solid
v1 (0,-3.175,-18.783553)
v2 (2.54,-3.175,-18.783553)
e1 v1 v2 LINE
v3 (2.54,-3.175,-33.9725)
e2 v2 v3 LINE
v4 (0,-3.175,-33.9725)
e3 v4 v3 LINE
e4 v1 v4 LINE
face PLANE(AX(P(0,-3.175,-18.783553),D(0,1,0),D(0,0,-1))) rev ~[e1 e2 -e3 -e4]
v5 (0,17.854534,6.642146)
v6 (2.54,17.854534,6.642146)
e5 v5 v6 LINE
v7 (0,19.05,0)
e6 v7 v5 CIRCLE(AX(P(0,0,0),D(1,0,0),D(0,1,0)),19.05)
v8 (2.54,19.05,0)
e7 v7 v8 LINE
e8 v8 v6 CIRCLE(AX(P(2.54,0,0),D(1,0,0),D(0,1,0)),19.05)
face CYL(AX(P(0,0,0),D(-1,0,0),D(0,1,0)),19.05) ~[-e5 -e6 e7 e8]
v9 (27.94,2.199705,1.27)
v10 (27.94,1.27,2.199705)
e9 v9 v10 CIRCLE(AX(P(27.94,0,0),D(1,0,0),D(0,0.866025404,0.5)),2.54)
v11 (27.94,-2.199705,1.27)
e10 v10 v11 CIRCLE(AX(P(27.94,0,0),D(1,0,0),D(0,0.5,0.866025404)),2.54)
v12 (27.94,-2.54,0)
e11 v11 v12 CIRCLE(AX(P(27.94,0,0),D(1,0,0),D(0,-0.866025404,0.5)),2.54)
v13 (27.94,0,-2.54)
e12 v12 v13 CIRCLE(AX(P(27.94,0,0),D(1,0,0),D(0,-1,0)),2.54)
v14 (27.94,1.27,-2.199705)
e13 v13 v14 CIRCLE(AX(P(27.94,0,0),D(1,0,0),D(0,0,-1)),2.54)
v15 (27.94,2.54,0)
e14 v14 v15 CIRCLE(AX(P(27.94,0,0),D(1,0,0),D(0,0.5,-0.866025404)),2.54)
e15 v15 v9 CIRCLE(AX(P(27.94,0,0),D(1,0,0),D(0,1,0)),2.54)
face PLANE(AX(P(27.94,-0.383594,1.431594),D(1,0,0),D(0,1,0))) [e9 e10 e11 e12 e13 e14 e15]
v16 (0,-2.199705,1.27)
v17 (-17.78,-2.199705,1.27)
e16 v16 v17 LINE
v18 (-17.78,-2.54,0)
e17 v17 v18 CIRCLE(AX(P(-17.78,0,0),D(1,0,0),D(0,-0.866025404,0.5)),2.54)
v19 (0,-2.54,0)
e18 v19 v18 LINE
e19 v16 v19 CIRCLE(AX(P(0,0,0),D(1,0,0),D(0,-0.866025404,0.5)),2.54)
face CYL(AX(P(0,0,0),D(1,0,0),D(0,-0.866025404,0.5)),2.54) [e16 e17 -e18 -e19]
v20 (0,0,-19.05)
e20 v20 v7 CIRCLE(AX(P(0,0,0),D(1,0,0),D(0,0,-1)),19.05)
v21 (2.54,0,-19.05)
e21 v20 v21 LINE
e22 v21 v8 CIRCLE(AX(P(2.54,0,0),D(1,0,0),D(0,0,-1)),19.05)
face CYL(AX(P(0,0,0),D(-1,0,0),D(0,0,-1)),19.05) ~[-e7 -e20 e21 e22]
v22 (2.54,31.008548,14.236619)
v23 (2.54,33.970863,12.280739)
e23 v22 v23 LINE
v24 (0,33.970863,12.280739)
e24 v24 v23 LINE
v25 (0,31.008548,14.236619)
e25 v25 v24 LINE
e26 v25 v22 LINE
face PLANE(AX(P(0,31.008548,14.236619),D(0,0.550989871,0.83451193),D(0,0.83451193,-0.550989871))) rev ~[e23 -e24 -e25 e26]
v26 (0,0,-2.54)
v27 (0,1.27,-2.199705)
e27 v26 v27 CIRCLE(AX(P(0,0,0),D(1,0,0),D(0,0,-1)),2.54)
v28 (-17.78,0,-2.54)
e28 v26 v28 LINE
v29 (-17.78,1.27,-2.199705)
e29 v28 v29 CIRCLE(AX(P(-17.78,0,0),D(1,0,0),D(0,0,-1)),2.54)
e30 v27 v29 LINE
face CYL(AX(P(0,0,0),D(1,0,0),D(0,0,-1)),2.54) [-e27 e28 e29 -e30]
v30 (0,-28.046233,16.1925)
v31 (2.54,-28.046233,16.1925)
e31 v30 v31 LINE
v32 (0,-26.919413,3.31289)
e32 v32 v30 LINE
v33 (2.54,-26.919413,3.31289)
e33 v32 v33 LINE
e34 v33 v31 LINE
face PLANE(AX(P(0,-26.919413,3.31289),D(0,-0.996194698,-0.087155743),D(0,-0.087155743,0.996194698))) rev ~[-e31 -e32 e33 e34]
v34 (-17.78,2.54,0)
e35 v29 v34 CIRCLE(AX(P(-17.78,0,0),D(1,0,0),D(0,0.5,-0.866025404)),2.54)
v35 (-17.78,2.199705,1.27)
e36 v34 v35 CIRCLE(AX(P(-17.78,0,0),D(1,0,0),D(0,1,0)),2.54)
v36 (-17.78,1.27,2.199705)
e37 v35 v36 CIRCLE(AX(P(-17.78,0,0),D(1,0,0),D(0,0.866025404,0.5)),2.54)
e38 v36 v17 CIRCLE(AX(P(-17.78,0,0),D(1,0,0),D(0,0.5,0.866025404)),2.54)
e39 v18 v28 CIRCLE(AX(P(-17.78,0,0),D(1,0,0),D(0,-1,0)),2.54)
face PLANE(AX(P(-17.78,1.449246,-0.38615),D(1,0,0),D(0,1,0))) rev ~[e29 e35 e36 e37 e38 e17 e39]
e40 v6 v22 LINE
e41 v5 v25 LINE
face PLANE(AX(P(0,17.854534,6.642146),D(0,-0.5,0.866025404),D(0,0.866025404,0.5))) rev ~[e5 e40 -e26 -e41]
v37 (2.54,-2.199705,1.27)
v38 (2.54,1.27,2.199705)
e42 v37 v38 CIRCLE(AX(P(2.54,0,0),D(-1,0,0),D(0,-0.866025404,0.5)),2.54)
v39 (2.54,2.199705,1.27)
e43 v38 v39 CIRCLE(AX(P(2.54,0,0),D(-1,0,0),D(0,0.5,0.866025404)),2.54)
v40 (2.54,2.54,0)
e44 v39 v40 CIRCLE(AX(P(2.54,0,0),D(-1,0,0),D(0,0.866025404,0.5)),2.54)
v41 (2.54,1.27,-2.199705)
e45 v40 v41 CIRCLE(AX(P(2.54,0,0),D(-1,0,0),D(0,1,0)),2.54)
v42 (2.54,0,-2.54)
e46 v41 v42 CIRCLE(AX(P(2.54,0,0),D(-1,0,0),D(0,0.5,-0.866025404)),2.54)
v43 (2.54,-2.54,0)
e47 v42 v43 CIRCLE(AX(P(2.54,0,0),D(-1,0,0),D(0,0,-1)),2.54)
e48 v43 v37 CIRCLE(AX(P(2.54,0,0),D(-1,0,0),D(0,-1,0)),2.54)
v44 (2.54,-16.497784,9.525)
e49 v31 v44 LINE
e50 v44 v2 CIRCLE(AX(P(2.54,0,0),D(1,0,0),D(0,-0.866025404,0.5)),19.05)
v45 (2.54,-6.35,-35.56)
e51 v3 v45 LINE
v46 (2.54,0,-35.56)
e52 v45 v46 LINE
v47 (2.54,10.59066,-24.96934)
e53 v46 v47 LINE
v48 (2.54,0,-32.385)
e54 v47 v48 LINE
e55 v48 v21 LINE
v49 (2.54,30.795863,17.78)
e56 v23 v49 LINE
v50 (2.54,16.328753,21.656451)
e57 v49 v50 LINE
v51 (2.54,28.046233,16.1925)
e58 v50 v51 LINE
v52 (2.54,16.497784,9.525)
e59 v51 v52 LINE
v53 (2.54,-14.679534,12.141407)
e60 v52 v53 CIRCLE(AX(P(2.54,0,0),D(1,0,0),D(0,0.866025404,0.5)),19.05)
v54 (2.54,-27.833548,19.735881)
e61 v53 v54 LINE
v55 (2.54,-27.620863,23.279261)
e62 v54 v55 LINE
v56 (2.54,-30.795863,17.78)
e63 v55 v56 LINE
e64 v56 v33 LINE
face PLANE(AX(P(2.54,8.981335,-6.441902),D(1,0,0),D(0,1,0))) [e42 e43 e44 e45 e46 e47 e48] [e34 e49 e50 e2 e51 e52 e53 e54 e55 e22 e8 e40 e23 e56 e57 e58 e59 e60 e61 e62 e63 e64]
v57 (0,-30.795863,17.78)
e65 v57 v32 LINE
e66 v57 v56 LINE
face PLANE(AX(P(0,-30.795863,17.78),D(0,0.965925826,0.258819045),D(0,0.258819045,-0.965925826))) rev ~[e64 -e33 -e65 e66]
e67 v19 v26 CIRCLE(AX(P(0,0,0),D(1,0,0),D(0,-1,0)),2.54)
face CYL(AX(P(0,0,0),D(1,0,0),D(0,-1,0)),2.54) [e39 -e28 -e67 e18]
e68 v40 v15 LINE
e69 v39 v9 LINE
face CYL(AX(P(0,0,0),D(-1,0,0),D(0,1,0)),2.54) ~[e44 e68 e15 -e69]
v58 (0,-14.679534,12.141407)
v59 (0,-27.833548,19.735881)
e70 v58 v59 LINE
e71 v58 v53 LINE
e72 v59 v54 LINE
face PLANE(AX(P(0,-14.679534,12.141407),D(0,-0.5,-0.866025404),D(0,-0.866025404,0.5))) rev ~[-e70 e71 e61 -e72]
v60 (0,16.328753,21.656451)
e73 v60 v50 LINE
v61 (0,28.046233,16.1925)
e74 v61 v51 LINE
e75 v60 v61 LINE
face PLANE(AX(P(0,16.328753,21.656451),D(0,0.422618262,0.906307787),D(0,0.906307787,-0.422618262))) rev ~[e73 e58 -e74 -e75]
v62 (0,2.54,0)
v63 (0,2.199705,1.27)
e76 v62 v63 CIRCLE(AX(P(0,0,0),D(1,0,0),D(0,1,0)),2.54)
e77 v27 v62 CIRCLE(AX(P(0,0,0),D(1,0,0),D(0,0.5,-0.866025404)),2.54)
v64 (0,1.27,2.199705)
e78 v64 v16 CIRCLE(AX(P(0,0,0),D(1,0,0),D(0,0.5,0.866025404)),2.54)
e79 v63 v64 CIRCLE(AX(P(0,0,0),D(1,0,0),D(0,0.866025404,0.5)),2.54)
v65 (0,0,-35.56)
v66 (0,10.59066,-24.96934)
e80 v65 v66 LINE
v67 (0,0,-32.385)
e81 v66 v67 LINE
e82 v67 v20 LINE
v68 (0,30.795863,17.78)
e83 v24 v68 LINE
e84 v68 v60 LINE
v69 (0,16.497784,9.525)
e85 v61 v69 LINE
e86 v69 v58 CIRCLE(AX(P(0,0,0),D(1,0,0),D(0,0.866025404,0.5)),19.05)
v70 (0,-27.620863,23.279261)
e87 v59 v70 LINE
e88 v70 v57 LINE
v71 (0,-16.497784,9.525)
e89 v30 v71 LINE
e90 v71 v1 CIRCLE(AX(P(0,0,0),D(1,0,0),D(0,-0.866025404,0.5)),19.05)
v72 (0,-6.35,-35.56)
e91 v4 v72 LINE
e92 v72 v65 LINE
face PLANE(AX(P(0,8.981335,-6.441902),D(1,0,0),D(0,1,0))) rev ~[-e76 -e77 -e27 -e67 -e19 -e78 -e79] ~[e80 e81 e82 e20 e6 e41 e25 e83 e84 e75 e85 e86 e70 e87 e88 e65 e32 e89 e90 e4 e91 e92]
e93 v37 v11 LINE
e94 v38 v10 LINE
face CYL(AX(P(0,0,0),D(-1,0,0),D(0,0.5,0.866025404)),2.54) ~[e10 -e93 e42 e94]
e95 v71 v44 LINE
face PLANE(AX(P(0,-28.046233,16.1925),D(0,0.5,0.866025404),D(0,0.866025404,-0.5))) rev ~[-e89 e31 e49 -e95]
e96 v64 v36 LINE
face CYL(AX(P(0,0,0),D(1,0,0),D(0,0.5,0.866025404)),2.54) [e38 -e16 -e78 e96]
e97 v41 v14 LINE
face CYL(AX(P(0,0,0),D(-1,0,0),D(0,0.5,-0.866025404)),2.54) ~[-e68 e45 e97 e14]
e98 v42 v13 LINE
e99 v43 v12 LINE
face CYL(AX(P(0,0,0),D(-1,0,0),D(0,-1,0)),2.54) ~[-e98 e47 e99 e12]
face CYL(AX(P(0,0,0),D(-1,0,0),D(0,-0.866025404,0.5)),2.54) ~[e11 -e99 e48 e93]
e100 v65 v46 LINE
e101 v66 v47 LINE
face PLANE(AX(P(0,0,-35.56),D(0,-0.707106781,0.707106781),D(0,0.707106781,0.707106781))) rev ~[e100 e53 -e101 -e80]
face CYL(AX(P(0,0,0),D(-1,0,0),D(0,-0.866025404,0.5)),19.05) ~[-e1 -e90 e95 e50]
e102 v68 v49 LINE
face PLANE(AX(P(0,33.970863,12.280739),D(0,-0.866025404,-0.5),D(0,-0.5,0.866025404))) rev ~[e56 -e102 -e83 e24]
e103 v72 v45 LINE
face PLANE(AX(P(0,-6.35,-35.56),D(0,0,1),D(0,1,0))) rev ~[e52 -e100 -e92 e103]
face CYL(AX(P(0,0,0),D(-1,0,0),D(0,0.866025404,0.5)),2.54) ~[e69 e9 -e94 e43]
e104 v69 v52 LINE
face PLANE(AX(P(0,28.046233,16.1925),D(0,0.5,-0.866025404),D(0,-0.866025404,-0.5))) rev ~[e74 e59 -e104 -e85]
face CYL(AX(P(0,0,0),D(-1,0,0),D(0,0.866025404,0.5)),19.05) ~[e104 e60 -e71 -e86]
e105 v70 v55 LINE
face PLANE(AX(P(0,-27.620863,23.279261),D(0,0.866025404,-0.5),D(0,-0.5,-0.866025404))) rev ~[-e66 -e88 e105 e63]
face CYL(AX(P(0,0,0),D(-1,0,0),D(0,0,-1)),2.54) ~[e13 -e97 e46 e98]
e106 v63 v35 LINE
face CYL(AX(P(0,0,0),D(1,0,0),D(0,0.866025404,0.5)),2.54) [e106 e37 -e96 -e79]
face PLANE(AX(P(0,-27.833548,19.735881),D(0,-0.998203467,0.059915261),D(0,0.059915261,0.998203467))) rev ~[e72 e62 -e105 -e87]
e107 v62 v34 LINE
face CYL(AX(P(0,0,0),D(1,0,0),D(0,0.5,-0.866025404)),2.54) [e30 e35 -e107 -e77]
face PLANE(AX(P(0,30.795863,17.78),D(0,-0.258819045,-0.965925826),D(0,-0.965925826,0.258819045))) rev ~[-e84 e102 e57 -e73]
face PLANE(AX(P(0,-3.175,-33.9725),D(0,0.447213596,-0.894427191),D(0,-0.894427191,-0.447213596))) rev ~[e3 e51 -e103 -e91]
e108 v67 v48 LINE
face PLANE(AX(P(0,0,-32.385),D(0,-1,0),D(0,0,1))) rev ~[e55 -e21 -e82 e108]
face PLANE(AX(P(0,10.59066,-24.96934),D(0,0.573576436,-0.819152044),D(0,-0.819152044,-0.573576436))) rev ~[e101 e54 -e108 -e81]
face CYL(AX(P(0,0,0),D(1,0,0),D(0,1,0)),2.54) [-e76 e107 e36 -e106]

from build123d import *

# Parameters (mm, degrees)
F1_DEPTH = 2.54
F2_DEPTH = 27.94
F3_DEPTH = 17.78


with BuildPart() as f1:
    # F0 (on Right) → F1 (new body)
    with BuildSketch(Plane.YZ):
        with BuildLine():
            ThreePointArc((0, -19.05), (13.4703841816, -13.4703841816), (19.05, 0))
            ThreePointArc((19.05, 0), (18.748751681, 3.3744348271), (17.854534341, 6.6421459987))
            Line((17.854534341, 6.6421459987), (1.5875, -2.749630657))
            Line((1.5875, -2.749630657), (1.27, -2.1997045256))
            ThreePointArc((1.27, -2.1997045256), (0.6574003746, -2.4534515988), (0, -2.54))
            Line((0, -2.54), (0, -19.05))
        make_face()
        with BuildLine():
            Line((1.5875, -2.749630657), (17.854534341, 6.6421459987))
            ThreePointArc((17.854534341, 6.6421459987), (17.2365354597, 8.1119877556), (16.4977839421, 9.525))
            Line((16.4977839421, 9.525), (2.1997045256, 1.27))
            ThreePointArc((2.1997045256, 1.27), (2.4534515988, 0.6574003746), (2.54, 0))
            ThreePointArc((2.54, 0), (2.1997045256, -1.27), (1.27, -2.1997045256))
            Line((1.27, -2.1997045256), (1.5875, -2.749630657))
        make_face()
        with BuildLine():
            ThreePointArc((16.4977839421, 9.525), (17.2365354597, 8.1119877556), (17.854534341, 6.6421459987))
            Line((17.854534341, 6.6421459987), (31.0085480301, 14.236619343))
            Line((31.0085480301, 14.236619343), (28.0462327016, 16.1925))
            Line((28.0462327016, 16.1925), (16.4977839421, 9.525))
        make_face()
        with BuildLine():
            Line((0, -32.385), (0, -19.05))
            ThreePointArc((0, -19.05), (-1.5930802583, -18.9832714591), (-3.175, -18.7835533113))
            Line((-3.175, -18.7835533113), (-3.175, -33.9725))
            Line((-3.175, -33.9725), (0, -32.385))
        make_face()
        with BuildLine():
            ThreePointArc((-3.175, -18.7835533113), (-1.5930802583, -18.9832714591), (0, -19.05))
            Line((0, -19.05), (0, -2.54))
            ThreePointArc((0, -2.54), (-1.7960512242, -1.7960512242), (-2.54, 0))
            Line((-2.54, 0), (-3.175, 0))
            Line((-3.175, 0), (-3.175, -18.7835533113))
        make_face()
        with BuildLine():
            Line((2.1997045256, 1.27), (16.4977839421, 9.525))
            ThreePointArc((16.4977839421, 9.525), (1.5930802583, 18.9832714591), (-14.679534341, 12.1414073127))
            Line((-14.679534341, 12.1414073127), (1.5875, 2.749630657))
            Line((1.5875, 2.749630657), (1.27, 2.1997045256))
            ThreePointArc((1.27, 2.1997045256), (1.7960512242, 1.7960512242), (2.1997045256, 1.27))
        make_face()
        Polygon((28.0462327016, 16.1925), (31.0085480301, 14.236619343), (32.3833633586, 15.030369343), (30.7958633586, 17.78), align=None)
        Polygon((32.3833633586, 15.030369343), (31.0085480301, 14.236619343), (33.9708633586, 12.280738686), align=None)
        with BuildLine():
            ThreePointArc((-16.4977839421, 9.525), (-17.2365354597, -8.1119877556), (-3.175, -18.7835533113))
            Line((-3.175, -18.7835533113), (-3.175, 0))
            Line((-3.175, 0), (-2.54, 0))
            ThreePointArc((-2.54, 0), (-2.4534515988, 0.6574003746), (-2.1997045256, 1.27))
            Line((-2.1997045256, 1.27), (-16.4977839421, 9.525))
        make_face()
        Polygon((10.5906598886, -24.9693401114), (0, -32.385), (0, -35.56), align=None)
        Polygon((0, -35.56), (0, -32.385), (-3.175, -33.9725), (-3.175, -35.56), align=None)
        with BuildLine():
            Line((1.5875, 2.749630657), (-14.679534341, 12.1414073127))
            ThreePointArc((-14.679534341, 12.1414073127), (-15.6434552014, 10.8712837035), (-16.4977839421, 9.525))
            Line((-16.4977839421, 9.525), (-2.1997045256, 1.27))
            ThreePointArc((-2.1997045256, 1.27), (-0.6574003746, 2.4534515988), (1.27, 2.1997045256))
            Line((1.27, 2.1997045256), (1.5875, 2.749630657))
        make_face()
        with BuildLine():
            ThreePointArc((-16.4977839421, 9.525), (-15.6434552014, 10.8712837035), (-14.679534341, 12.1414073127))
            Line((-14.679534341, 12.1414073127), (-27.8335480301, 19.735880657))
            Line((-27.8335480301, 19.735880657), (-28.0462327016, 16.1925))
            Line((-28.0462327016, 16.1925), (-16.4977839421, 9.525))
        make_face()
        Polygon((16.3287529078, 21.6564505621), (28.0462327016, 16.1925), (30.7958633586, 17.78), align=None)
        Polygon((-3.175, -35.56), (-3.175, -33.9725), (-6.35, -35.56), align=None)
        Polygon((-28.0462327016, 16.1925), (-27.8335480301, 19.735880657), (-29.2083633586, 20.529630657), (-30.7958633586, 17.78), align=None)
        Polygon((-29.2083633586, 20.529630657), (-27.8335480301, 19.735880657), (-27.6208633586, 23.279261314), align=None)
        Polygon((-26.9194127965, 3.3128895493), (-28.0462327016, 16.1925), (-30.7958633586, 17.78), align=None)
    extrude(amount=F1_DEPTH)

    # F0 (on Right) → F2 (join)
    with BuildSketch(Plane.YZ):
        with BuildLine():
            Line((-2.1997045256, 1.27), (0, 0))
            Line((0, 0), (1.27, 2.1997045256))
            ThreePointArc((1.27, 2.1997045256), (-0.6574003746, 2.4534515988), (-2.1997045256, 1.27))
        make_face()
        with BuildLine():
            ThreePointArc((-2.1997045256, 1.27), (-2.4534515988, 0.6574003746), (-2.54, 0))
            Line((-2.54, 0), (0, 0))
            Line((0, 0), (-2.1997045256, 1.27))
        make_face()
        with BuildLine():
            ThreePointArc((-2.54, 0), (-1.7960512242, -1.7960512242), (0, -2.54))
            Line((0, -2.54), (0, 0))
            Line((0, 0), (-2.54, 0))
        make_face()
        with BuildLine():
            Line((0, 0), (0, -2.54))
            ThreePointArc((0, -2.54), (0.6574003746, -2.4534515988), (1.27, -2.1997045256))
            Line((1.27, -2.1997045256), (0, 0))
        make_face()
        with BuildLine():
            ThreePointArc((2.54, 0), (2.4534515988, 0.6574003746), (2.1997045256, 1.27))
            Line((2.1997045256, 1.27), (0, 0))
            Line((0, 0), (1.27, -2.1997045256))
            ThreePointArc((1.27, -2.1997045256), (2.1997045256, -1.27), (2.54, 0))
        make_face()
        with BuildLine():
            Line((0, 0), (2.1997045256, 1.27))
            ThreePointArc((2.1997045256, 1.27), (1.7960512242, 1.7960512242), (1.27, 2.1997045256))
            Line((1.27, 2.1997045256), (0, 0))
        make_face()
    extrude(amount=F2_DEPTH)

    # F0 (on Right) → F3 (join)
    with BuildSketch(Plane.YZ):
        with BuildLine():
            ThreePointArc((2.54, 0), (2.4534515988, 0.6574003746), (2.1997045256, 1.27))
            Line((2.1997045256, 1.27), (0, 0))
            Line((0, 0), (1.27, -2.1997045256))
            ThreePointArc((1.27, -2.1997045256), (2.1997045256, -1.27), (2.54, 0))
        make_face()
        with BuildLine():
            Line((0, 0), (0, -2.54))
            ThreePointArc((0, -2.54), (0.6574003746, -2.4534515988), (1.27, -2.1997045256))
            Line((1.27, -2.1997045256), (0, 0))
        make_face()
        with BuildLine():
            ThreePointArc((-2.54, 0), (-1.7960512242, -1.7960512242), (0, -2.54))
            Line((0, -2.54), (0, 0))
            Line((0, 0), (-2.54, 0))
        make_face()
        with BuildLine():
            ThreePointArc((-2.1997045256, 1.27), (-2.4534515988, 0.6574003746), (-2.54, 0))
            Line((-2.54, 0), (0, 0))
            Line((0, 0), (-2.1997045256, 1.27))
        make_face()
        with BuildLine():
            Line((-2.1997045256, 1.27), (0, 0))
            Line((0, 0), (1.27, 2.1997045256))
            ThreePointArc((1.27, 2.1997045256), (-0.6574003746, 2.4534515988), (-2.1997045256, 1.27))
        make_face()
        with BuildLine():
            Line((0, 0), (2.1997045256, 1.27))
            ThreePointArc((2.1997045256, 1.27), (1.7960512242, 1.7960512242), (1.27, 2.1997045256))
            Line((1.27, 2.1997045256), (0, 0))
        make_face()
    extrude(amount=-F3_DEPTH)


solid = f1.part
